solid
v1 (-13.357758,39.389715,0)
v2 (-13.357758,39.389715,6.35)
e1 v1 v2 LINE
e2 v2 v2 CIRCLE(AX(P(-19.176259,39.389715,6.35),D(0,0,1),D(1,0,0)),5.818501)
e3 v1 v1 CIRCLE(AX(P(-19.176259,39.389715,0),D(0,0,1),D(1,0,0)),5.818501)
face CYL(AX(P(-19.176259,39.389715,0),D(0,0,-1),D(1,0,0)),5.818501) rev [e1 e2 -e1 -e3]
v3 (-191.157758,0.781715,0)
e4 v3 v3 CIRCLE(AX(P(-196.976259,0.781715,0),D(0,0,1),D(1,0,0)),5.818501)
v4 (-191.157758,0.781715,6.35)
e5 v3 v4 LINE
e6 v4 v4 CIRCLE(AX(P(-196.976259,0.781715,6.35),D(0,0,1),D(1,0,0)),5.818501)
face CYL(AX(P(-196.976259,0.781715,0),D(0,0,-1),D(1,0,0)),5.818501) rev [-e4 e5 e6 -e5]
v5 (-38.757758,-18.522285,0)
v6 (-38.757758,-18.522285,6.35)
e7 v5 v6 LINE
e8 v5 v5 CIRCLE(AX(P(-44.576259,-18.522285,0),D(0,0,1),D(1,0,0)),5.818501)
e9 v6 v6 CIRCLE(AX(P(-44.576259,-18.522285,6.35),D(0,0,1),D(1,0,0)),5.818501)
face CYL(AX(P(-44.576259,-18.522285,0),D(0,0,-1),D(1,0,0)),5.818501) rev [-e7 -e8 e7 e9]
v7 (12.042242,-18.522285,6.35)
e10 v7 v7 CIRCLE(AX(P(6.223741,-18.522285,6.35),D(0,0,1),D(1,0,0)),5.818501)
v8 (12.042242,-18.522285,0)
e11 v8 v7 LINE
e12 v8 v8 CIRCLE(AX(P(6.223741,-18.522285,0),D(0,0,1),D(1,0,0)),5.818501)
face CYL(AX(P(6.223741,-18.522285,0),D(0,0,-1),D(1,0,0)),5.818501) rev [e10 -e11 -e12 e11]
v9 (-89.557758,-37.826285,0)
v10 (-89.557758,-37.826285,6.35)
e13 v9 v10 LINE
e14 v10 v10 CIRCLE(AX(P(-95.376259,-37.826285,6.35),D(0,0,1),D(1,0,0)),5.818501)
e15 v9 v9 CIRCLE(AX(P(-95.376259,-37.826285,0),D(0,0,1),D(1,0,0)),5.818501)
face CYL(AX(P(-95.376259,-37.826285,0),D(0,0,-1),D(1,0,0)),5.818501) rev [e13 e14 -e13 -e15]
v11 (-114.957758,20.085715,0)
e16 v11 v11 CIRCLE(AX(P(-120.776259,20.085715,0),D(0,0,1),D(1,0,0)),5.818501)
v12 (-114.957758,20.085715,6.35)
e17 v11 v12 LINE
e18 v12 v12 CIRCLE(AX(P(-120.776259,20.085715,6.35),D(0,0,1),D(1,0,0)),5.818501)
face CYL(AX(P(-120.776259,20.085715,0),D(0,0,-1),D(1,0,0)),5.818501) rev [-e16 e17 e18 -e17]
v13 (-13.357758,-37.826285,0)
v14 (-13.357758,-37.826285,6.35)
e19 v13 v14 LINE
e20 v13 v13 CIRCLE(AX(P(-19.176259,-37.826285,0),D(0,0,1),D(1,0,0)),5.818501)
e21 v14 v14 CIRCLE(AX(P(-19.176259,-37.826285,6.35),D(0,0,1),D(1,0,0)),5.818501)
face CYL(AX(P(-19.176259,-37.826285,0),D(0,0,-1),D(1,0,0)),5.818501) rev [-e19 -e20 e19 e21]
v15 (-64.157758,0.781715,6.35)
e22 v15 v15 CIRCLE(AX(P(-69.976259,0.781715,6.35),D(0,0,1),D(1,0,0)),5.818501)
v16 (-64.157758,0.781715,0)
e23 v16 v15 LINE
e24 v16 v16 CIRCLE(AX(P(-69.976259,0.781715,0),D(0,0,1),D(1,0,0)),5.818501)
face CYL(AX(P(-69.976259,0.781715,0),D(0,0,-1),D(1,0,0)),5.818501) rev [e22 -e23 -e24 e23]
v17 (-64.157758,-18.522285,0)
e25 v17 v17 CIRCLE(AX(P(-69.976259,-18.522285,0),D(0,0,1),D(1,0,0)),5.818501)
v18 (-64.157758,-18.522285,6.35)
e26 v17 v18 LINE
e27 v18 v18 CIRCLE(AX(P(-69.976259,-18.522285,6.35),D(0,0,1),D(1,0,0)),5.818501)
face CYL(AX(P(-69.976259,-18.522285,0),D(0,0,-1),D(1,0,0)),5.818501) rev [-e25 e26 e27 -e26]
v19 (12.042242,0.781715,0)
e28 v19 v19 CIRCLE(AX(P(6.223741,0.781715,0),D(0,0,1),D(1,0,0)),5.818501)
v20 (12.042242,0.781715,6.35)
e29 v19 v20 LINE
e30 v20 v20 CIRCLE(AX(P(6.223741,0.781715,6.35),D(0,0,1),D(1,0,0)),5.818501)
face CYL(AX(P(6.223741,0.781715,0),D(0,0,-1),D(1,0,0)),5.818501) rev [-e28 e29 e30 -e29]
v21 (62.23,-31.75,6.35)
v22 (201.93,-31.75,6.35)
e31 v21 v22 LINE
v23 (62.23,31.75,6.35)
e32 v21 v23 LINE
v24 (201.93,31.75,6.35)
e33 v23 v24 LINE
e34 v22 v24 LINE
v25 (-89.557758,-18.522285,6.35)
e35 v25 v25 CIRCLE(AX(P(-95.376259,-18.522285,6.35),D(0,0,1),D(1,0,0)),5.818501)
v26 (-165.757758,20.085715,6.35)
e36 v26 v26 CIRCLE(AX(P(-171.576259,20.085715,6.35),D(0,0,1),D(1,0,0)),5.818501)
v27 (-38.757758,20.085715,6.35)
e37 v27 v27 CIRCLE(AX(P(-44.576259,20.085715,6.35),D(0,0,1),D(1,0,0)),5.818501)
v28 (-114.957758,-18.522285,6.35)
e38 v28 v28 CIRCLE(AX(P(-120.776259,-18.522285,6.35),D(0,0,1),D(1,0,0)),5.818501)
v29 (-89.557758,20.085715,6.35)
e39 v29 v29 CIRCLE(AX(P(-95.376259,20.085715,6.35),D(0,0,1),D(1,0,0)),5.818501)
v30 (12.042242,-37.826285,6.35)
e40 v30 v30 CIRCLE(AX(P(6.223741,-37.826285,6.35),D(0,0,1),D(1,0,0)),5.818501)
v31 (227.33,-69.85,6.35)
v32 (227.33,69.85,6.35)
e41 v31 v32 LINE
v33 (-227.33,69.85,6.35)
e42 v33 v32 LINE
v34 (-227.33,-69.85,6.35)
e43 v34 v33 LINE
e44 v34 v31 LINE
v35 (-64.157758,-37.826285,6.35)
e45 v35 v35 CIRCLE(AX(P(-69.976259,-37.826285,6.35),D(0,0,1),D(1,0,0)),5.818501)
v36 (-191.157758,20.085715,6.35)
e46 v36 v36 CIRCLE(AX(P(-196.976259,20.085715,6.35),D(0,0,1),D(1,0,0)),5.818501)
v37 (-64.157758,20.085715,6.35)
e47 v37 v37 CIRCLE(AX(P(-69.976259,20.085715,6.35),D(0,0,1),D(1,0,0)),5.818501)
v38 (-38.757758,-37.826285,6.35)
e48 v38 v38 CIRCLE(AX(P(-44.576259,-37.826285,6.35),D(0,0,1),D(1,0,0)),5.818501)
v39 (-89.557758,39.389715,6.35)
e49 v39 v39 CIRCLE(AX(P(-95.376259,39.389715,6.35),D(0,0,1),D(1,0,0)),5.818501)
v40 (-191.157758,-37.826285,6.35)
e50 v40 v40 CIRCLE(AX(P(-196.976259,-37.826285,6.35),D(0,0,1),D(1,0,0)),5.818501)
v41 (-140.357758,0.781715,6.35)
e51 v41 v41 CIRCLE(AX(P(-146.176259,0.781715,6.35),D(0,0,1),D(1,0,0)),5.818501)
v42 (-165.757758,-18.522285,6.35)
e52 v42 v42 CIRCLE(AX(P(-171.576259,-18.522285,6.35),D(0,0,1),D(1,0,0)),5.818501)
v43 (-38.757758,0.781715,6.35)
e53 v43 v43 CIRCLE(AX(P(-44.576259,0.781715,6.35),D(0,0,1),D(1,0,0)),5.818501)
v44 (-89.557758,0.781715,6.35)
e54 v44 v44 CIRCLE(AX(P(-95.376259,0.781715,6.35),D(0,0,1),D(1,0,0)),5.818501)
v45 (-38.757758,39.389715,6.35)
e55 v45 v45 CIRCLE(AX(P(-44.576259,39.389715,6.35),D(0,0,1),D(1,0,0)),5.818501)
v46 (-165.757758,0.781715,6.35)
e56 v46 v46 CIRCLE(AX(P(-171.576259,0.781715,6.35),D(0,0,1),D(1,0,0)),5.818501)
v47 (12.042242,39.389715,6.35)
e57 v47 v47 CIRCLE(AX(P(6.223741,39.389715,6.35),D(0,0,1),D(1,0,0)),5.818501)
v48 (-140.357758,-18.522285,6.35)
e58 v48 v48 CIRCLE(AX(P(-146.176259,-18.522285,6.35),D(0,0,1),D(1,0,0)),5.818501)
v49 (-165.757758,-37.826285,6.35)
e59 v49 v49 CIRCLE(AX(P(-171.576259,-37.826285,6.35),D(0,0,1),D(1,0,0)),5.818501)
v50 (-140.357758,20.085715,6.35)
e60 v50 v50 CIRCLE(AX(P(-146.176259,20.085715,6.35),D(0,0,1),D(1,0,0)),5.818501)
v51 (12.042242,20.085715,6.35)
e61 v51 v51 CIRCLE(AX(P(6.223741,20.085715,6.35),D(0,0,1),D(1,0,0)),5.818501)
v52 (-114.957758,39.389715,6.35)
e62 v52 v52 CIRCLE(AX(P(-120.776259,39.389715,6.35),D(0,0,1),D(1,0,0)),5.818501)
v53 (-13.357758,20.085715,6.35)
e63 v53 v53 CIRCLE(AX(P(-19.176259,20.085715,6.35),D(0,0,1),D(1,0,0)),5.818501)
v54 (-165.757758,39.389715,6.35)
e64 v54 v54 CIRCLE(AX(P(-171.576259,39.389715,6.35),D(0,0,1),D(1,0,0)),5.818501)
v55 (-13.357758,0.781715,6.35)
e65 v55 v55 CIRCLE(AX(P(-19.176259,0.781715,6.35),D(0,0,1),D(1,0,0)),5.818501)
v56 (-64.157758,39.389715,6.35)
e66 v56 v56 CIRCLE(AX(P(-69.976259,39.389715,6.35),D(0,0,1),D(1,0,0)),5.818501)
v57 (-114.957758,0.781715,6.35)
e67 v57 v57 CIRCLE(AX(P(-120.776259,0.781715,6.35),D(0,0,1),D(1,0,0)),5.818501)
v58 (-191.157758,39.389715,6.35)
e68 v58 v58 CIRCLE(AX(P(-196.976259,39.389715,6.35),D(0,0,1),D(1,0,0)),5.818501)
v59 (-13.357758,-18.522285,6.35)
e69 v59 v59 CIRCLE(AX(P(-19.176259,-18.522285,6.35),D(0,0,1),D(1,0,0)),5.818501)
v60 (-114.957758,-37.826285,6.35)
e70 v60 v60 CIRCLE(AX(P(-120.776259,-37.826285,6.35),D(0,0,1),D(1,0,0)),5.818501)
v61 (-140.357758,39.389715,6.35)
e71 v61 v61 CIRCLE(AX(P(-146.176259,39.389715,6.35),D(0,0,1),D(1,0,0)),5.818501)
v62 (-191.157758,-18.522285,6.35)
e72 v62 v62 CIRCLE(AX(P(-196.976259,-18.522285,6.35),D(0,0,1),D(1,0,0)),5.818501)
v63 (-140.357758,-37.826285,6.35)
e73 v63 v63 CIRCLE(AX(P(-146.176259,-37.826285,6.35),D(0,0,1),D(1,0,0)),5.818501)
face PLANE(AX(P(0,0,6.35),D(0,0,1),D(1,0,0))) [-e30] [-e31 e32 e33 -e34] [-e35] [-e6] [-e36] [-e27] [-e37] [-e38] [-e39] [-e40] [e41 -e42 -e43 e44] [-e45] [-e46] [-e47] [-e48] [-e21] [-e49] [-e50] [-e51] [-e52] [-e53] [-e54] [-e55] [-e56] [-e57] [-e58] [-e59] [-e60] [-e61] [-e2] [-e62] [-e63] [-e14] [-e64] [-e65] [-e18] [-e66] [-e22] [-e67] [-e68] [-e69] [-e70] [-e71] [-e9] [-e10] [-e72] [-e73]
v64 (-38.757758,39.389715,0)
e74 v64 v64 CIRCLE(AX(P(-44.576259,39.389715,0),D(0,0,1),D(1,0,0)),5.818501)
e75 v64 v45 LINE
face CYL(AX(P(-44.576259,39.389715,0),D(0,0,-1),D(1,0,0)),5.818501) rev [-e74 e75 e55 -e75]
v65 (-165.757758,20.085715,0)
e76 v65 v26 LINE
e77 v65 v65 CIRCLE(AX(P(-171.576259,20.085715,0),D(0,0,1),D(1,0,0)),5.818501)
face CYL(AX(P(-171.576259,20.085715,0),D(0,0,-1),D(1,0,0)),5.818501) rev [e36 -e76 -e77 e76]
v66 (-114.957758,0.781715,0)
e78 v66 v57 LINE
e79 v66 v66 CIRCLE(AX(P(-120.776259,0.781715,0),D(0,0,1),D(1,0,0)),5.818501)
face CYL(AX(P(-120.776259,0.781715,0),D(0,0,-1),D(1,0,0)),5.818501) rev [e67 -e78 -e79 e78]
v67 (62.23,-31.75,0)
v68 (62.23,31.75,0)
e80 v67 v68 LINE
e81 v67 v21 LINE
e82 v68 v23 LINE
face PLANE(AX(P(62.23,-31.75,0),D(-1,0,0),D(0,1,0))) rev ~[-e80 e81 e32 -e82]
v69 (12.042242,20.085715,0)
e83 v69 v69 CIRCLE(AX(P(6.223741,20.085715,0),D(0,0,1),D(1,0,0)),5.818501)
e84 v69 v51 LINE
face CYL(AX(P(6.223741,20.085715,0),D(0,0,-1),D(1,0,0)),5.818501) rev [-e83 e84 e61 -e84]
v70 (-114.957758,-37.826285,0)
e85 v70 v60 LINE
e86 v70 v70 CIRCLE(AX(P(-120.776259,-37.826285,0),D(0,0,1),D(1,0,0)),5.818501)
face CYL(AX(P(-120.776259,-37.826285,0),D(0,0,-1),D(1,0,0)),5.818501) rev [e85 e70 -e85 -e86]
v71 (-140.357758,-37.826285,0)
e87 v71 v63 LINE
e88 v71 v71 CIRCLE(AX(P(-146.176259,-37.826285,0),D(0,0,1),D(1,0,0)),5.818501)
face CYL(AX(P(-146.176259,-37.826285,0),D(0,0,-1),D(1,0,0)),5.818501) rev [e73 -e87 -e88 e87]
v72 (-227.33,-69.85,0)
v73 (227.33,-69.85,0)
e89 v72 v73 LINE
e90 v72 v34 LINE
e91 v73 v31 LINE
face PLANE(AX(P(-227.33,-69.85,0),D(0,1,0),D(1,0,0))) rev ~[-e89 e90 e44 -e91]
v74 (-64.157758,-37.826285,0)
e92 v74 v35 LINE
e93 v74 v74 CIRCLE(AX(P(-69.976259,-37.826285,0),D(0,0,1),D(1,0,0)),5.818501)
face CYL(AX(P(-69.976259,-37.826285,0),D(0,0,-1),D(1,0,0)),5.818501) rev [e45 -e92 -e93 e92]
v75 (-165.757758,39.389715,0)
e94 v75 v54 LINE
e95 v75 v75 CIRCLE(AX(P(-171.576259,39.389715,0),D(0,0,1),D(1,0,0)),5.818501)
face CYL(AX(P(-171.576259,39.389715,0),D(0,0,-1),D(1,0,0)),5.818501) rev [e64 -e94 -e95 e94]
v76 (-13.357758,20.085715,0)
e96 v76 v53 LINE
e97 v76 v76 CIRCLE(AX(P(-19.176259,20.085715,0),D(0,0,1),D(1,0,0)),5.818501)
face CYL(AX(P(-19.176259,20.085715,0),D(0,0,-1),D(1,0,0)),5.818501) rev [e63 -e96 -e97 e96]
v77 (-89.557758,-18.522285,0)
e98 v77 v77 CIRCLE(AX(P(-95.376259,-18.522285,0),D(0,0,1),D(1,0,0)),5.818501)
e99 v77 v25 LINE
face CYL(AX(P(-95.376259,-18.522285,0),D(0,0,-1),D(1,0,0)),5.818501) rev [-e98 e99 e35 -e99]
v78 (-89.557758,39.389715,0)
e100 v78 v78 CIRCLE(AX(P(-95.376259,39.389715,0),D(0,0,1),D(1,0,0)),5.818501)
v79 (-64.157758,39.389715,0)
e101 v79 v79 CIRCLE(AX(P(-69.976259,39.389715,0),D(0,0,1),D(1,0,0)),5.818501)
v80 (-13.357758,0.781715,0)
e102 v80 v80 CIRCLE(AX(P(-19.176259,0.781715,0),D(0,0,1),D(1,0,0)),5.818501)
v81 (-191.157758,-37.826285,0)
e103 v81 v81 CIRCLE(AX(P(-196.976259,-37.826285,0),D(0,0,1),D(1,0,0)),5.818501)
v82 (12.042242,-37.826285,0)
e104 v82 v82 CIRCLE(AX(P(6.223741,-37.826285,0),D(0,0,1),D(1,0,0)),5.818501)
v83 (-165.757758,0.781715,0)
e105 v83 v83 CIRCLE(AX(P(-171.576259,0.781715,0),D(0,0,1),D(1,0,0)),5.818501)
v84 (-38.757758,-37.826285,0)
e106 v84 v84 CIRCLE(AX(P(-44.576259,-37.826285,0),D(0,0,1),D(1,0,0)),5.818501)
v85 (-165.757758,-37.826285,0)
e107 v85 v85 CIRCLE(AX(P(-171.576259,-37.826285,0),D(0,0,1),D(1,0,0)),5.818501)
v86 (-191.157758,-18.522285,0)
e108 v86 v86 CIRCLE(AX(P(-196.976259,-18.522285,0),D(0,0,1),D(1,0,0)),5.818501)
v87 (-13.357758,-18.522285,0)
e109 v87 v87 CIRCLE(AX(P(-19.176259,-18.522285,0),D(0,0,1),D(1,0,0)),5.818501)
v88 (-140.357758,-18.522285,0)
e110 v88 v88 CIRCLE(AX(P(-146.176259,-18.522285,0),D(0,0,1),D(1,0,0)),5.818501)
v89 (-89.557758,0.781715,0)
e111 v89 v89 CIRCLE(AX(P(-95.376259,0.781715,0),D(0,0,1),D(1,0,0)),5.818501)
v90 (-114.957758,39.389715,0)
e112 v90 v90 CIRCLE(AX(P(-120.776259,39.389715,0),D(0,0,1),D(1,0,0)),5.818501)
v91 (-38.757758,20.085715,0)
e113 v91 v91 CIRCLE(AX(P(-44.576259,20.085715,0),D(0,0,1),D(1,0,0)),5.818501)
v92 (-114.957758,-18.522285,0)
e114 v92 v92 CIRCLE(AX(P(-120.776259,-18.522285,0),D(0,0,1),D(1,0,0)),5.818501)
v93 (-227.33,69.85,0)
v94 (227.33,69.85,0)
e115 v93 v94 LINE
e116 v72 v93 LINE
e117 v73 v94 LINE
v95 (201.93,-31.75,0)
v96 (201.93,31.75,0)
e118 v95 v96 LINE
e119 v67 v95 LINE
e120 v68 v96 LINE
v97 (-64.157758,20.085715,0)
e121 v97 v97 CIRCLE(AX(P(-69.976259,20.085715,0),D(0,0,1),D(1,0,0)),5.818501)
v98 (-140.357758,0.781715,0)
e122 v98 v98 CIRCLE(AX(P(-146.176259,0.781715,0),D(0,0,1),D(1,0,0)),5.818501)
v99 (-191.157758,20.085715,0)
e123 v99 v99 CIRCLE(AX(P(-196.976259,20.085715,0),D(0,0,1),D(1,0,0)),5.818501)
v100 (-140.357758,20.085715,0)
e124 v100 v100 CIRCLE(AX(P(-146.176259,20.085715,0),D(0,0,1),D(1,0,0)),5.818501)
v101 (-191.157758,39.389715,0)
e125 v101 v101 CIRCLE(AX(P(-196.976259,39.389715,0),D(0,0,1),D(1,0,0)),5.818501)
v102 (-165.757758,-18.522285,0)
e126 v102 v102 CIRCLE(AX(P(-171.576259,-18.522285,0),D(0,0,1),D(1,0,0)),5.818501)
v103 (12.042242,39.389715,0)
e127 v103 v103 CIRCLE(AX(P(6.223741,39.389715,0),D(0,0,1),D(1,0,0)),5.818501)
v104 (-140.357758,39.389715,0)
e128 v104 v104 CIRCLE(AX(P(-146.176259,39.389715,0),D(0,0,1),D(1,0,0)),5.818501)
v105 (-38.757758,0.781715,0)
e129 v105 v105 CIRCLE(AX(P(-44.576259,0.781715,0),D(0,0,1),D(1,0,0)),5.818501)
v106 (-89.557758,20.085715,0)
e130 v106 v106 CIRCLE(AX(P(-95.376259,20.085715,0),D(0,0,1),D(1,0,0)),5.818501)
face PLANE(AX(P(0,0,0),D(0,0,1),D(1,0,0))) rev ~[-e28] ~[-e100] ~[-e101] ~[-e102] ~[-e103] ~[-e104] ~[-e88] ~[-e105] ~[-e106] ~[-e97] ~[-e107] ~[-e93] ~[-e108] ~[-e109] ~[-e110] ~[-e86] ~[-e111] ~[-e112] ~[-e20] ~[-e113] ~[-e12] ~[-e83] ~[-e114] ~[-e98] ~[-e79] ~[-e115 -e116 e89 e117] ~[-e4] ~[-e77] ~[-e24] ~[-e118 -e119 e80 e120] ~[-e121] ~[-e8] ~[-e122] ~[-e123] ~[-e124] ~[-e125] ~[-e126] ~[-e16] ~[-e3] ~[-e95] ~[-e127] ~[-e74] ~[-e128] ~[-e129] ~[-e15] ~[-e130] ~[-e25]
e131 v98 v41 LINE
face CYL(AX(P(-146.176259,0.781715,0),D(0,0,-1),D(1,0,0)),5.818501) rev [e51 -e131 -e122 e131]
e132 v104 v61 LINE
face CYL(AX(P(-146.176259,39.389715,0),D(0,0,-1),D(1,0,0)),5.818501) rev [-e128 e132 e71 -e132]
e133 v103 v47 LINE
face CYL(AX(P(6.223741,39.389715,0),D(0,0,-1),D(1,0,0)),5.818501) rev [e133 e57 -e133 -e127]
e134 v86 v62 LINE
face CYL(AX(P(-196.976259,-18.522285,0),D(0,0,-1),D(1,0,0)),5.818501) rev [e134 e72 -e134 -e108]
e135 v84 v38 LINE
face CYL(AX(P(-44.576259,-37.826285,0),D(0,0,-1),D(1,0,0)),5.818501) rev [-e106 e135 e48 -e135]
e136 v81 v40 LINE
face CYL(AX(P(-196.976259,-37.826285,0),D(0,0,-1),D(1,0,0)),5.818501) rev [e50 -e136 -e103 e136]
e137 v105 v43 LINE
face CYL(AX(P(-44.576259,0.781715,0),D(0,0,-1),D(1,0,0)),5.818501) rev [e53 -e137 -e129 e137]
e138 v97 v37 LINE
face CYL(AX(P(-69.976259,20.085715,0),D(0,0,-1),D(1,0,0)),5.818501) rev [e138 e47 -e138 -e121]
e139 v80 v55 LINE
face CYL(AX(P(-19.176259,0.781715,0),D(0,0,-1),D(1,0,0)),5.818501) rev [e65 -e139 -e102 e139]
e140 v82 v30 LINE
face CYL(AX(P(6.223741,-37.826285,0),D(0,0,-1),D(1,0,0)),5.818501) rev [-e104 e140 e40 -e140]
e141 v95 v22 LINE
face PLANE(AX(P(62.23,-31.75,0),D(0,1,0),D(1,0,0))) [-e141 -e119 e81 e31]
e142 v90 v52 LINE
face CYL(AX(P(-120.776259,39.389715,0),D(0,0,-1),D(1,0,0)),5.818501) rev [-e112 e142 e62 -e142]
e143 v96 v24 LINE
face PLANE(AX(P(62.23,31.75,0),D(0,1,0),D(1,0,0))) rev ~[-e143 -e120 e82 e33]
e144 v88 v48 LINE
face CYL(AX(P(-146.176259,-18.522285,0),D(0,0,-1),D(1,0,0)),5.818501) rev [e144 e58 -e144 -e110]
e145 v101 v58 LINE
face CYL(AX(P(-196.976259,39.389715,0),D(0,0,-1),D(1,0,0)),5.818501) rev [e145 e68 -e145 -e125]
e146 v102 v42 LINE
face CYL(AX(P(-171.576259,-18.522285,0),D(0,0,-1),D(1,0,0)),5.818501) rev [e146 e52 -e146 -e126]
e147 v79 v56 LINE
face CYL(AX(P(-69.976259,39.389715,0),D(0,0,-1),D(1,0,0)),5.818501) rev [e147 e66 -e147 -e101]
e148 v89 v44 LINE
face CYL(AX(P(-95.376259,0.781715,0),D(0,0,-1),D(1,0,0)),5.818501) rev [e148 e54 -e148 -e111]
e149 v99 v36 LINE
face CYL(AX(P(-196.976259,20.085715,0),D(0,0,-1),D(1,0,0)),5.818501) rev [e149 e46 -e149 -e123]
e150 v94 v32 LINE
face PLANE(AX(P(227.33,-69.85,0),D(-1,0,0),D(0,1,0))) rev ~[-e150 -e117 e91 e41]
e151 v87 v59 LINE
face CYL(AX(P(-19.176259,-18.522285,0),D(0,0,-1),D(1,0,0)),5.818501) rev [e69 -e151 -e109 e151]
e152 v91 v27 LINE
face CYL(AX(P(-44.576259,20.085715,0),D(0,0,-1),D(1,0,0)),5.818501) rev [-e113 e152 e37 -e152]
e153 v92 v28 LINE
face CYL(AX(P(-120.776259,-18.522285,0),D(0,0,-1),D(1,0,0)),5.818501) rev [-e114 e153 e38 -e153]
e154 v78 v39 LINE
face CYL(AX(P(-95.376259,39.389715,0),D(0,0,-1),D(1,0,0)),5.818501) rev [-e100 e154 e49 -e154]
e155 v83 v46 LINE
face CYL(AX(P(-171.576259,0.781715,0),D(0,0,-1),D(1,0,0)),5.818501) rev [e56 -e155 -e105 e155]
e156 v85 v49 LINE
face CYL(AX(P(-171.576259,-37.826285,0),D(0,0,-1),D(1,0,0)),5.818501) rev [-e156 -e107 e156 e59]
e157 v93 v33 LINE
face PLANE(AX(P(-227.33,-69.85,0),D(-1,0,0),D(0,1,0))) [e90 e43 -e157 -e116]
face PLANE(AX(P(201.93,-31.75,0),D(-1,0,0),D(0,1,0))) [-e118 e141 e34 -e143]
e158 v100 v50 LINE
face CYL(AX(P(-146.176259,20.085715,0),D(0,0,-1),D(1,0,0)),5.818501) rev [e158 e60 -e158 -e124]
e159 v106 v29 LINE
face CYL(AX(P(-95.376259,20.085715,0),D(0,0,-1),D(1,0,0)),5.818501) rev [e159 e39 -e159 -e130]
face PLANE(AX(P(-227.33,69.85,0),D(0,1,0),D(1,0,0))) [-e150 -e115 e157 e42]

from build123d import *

# Parameters (mm, degrees)
F0_W     = 454.66
F0_H     = 139.7
F0_R     = 5.818501
F0_W_2   = 139.7
F0_H_2   = 63.5
F1_DEPTH = 6.35


with BuildPart() as f1:
    # F0 (on Top) → F1 (new body)
    with BuildSketch(Plane.XY):
        Rectangle(F0_W, F0_H)
        with Locations((-196.976259, -37.826285)):
            Circle(F0_R, mode=Mode.SUBTRACT)
        with Locations((-171.576259, -37.826285)):
            Circle(F0_R, mode=Mode.SUBTRACT)
        with Locations((-146.176259, -37.826285)):
            Circle(F0_R, mode=Mode.SUBTRACT)
        with Locations((-120.776259, -37.826285)):
            Circle(F0_R, mode=Mode.SUBTRACT)
        with Locations((-95.376259, -37.826285)):
            Circle(F0_R, mode=Mode.SUBTRACT)
        with Locations((-69.976259, -37.826285)):
            Circle(F0_R, mode=Mode.SUBTRACT)
        with Locations((-44.576259, -37.826285)):
            Circle(F0_R, mode=Mode.SUBTRACT)
        with Locations((-19.176259, -37.826285)):
            Circle(F0_R, mode=Mode.SUBTRACT)
        with Locations((-196.976259, -18.522285)):
            Circle(F0_R, mode=Mode.SUBTRACT)
        with Locations((-171.576259, -18.522285)):
            Circle(F0_R, mode=Mode.SUBTRACT)
        with Locations((-146.176259, -18.522285)):
            Circle(F0_R, mode=Mode.SUBTRACT)
        with Locations((-120.776259, -18.522285)):
            Circle(F0_R, mode=Mode.SUBTRACT)
        with Locations((-95.376259, -18.522285)):
            Circle(F0_R, mode=Mode.SUBTRACT)
        with Locations((-69.976259, -18.522285)):
            Circle(F0_R, mode=Mode.SUBTRACT)
        with Locations((-44.576259, -18.522285)):
            Circle(F0_R, mode=Mode.SUBTRACT)
        with Locations((-19.176259, -18.522285)):
            Circle(F0_R, mode=Mode.SUBTRACT)
        with Locations((6.223741, -37.826285)):
            Circle(F0_R, mode=Mode.SUBTRACT)
        with Locations((6.223741, -18.522285)):
            Circle(F0_R, mode=Mode.SUBTRACT)
        with Locations((-196.976259, 0.781715)):
            Circle(F0_R, mode=Mode.SUBTRACT)
        with Locations((-171.576259, 0.781715)):
            Circle(F0_R, mode=Mode.SUBTRACT)
        with Locations((-146.176259, 0.781715)):
            Circle(F0_R, mode=Mode.SUBTRACT)
        with Locations((-120.776259, 0.781715)):
            Circle(F0_R, mode=Mode.SUBTRACT)
        with Locations((-196.976259, 20.085715)):
            Circle(F0_R, mode=Mode.SUBTRACT)
        with Locations((-171.576259, 20.085715)):
            Circle(F0_R, mode=Mode.SUBTRACT)
        with Locations((-146.176259, 20.085715)):
            Circle(F0_R, mode=Mode.SUBTRACT)
        with Locations((-120.776259, 20.085715)):
            Circle(F0_R, mode=Mode.SUBTRACT)
        with Locations((-95.376259, 0.781715)):
            Circle(F0_R, mode=Mode.SUBTRACT)
        with Locations((-69.976259, 0.781715)):
            Circle(F0_R, mode=Mode.SUBTRACT)
        with Locations((-44.576259, 0.781715)):
            Circle(F0_R, mode=Mode.SUBTRACT)
        with Locations((-19.176259, 0.781715)):
            Circle(F0_R, mode=Mode.SUBTRACT)
        with Locations((-95.376259, 20.085715)):
            Circle(F0_R, mode=Mode.SUBTRACT)
        with Locations((-69.976259, 20.085715)):
            Circle(F0_R, mode=Mode.SUBTRACT)
        with Locations((-44.576259, 20.085715)):
            Circle(F0_R, mode=Mode.SUBTRACT)
        with Locations((-19.176259, 20.085715)):
            Circle(F0_R, mode=Mode.SUBTRACT)
        with Locations((-196.976259, 39.389715)):
            Circle(F0_R, mode=Mode.SUBTRACT)
        with Locations((-171.576259, 39.389715)):
            Circle(F0_R, mode=Mode.SUBTRACT)
        with Locations((-146.176259, 39.389715)):
            Circle(F0_R, mode=Mode.SUBTRACT)
        with Locations((-120.776259, 39.389715)):
            Circle(F0_R, mode=Mode.SUBTRACT)
        with Locations((-95.376259, 39.389715)):
            Circle(F0_R, mode=Mode.SUBTRACT)
        with Locations((-69.976259, 39.389715)):
            Circle(F0_R, mode=Mode.SUBTRACT)
        with Locations((-44.576259, 39.389715)):
            Circle(F0_R, mode=Mode.SUBTRACT)
        with Locations((-19.176259, 39.389715)):
            Circle(F0_R, mode=Mode.SUBTRACT)
        with Locations((6.223741, 0.781715)):
            Circle(F0_R, mode=Mode.SUBTRACT)
        with Locations((6.223741, 20.085715)):
            Circle(F0_R, mode=Mode.SUBTRACT)
        with Locations((132.08, 0)):
            Rectangle(F0_W_2, F0_H_2, mode=Mode.SUBTRACT)
        with Locations((6.223741, 39.389715)):
            Circle(F0_R, mode=Mode.SUBTRACT)
    extrude(amount=F1_DEPTH)


solid = f1.part
